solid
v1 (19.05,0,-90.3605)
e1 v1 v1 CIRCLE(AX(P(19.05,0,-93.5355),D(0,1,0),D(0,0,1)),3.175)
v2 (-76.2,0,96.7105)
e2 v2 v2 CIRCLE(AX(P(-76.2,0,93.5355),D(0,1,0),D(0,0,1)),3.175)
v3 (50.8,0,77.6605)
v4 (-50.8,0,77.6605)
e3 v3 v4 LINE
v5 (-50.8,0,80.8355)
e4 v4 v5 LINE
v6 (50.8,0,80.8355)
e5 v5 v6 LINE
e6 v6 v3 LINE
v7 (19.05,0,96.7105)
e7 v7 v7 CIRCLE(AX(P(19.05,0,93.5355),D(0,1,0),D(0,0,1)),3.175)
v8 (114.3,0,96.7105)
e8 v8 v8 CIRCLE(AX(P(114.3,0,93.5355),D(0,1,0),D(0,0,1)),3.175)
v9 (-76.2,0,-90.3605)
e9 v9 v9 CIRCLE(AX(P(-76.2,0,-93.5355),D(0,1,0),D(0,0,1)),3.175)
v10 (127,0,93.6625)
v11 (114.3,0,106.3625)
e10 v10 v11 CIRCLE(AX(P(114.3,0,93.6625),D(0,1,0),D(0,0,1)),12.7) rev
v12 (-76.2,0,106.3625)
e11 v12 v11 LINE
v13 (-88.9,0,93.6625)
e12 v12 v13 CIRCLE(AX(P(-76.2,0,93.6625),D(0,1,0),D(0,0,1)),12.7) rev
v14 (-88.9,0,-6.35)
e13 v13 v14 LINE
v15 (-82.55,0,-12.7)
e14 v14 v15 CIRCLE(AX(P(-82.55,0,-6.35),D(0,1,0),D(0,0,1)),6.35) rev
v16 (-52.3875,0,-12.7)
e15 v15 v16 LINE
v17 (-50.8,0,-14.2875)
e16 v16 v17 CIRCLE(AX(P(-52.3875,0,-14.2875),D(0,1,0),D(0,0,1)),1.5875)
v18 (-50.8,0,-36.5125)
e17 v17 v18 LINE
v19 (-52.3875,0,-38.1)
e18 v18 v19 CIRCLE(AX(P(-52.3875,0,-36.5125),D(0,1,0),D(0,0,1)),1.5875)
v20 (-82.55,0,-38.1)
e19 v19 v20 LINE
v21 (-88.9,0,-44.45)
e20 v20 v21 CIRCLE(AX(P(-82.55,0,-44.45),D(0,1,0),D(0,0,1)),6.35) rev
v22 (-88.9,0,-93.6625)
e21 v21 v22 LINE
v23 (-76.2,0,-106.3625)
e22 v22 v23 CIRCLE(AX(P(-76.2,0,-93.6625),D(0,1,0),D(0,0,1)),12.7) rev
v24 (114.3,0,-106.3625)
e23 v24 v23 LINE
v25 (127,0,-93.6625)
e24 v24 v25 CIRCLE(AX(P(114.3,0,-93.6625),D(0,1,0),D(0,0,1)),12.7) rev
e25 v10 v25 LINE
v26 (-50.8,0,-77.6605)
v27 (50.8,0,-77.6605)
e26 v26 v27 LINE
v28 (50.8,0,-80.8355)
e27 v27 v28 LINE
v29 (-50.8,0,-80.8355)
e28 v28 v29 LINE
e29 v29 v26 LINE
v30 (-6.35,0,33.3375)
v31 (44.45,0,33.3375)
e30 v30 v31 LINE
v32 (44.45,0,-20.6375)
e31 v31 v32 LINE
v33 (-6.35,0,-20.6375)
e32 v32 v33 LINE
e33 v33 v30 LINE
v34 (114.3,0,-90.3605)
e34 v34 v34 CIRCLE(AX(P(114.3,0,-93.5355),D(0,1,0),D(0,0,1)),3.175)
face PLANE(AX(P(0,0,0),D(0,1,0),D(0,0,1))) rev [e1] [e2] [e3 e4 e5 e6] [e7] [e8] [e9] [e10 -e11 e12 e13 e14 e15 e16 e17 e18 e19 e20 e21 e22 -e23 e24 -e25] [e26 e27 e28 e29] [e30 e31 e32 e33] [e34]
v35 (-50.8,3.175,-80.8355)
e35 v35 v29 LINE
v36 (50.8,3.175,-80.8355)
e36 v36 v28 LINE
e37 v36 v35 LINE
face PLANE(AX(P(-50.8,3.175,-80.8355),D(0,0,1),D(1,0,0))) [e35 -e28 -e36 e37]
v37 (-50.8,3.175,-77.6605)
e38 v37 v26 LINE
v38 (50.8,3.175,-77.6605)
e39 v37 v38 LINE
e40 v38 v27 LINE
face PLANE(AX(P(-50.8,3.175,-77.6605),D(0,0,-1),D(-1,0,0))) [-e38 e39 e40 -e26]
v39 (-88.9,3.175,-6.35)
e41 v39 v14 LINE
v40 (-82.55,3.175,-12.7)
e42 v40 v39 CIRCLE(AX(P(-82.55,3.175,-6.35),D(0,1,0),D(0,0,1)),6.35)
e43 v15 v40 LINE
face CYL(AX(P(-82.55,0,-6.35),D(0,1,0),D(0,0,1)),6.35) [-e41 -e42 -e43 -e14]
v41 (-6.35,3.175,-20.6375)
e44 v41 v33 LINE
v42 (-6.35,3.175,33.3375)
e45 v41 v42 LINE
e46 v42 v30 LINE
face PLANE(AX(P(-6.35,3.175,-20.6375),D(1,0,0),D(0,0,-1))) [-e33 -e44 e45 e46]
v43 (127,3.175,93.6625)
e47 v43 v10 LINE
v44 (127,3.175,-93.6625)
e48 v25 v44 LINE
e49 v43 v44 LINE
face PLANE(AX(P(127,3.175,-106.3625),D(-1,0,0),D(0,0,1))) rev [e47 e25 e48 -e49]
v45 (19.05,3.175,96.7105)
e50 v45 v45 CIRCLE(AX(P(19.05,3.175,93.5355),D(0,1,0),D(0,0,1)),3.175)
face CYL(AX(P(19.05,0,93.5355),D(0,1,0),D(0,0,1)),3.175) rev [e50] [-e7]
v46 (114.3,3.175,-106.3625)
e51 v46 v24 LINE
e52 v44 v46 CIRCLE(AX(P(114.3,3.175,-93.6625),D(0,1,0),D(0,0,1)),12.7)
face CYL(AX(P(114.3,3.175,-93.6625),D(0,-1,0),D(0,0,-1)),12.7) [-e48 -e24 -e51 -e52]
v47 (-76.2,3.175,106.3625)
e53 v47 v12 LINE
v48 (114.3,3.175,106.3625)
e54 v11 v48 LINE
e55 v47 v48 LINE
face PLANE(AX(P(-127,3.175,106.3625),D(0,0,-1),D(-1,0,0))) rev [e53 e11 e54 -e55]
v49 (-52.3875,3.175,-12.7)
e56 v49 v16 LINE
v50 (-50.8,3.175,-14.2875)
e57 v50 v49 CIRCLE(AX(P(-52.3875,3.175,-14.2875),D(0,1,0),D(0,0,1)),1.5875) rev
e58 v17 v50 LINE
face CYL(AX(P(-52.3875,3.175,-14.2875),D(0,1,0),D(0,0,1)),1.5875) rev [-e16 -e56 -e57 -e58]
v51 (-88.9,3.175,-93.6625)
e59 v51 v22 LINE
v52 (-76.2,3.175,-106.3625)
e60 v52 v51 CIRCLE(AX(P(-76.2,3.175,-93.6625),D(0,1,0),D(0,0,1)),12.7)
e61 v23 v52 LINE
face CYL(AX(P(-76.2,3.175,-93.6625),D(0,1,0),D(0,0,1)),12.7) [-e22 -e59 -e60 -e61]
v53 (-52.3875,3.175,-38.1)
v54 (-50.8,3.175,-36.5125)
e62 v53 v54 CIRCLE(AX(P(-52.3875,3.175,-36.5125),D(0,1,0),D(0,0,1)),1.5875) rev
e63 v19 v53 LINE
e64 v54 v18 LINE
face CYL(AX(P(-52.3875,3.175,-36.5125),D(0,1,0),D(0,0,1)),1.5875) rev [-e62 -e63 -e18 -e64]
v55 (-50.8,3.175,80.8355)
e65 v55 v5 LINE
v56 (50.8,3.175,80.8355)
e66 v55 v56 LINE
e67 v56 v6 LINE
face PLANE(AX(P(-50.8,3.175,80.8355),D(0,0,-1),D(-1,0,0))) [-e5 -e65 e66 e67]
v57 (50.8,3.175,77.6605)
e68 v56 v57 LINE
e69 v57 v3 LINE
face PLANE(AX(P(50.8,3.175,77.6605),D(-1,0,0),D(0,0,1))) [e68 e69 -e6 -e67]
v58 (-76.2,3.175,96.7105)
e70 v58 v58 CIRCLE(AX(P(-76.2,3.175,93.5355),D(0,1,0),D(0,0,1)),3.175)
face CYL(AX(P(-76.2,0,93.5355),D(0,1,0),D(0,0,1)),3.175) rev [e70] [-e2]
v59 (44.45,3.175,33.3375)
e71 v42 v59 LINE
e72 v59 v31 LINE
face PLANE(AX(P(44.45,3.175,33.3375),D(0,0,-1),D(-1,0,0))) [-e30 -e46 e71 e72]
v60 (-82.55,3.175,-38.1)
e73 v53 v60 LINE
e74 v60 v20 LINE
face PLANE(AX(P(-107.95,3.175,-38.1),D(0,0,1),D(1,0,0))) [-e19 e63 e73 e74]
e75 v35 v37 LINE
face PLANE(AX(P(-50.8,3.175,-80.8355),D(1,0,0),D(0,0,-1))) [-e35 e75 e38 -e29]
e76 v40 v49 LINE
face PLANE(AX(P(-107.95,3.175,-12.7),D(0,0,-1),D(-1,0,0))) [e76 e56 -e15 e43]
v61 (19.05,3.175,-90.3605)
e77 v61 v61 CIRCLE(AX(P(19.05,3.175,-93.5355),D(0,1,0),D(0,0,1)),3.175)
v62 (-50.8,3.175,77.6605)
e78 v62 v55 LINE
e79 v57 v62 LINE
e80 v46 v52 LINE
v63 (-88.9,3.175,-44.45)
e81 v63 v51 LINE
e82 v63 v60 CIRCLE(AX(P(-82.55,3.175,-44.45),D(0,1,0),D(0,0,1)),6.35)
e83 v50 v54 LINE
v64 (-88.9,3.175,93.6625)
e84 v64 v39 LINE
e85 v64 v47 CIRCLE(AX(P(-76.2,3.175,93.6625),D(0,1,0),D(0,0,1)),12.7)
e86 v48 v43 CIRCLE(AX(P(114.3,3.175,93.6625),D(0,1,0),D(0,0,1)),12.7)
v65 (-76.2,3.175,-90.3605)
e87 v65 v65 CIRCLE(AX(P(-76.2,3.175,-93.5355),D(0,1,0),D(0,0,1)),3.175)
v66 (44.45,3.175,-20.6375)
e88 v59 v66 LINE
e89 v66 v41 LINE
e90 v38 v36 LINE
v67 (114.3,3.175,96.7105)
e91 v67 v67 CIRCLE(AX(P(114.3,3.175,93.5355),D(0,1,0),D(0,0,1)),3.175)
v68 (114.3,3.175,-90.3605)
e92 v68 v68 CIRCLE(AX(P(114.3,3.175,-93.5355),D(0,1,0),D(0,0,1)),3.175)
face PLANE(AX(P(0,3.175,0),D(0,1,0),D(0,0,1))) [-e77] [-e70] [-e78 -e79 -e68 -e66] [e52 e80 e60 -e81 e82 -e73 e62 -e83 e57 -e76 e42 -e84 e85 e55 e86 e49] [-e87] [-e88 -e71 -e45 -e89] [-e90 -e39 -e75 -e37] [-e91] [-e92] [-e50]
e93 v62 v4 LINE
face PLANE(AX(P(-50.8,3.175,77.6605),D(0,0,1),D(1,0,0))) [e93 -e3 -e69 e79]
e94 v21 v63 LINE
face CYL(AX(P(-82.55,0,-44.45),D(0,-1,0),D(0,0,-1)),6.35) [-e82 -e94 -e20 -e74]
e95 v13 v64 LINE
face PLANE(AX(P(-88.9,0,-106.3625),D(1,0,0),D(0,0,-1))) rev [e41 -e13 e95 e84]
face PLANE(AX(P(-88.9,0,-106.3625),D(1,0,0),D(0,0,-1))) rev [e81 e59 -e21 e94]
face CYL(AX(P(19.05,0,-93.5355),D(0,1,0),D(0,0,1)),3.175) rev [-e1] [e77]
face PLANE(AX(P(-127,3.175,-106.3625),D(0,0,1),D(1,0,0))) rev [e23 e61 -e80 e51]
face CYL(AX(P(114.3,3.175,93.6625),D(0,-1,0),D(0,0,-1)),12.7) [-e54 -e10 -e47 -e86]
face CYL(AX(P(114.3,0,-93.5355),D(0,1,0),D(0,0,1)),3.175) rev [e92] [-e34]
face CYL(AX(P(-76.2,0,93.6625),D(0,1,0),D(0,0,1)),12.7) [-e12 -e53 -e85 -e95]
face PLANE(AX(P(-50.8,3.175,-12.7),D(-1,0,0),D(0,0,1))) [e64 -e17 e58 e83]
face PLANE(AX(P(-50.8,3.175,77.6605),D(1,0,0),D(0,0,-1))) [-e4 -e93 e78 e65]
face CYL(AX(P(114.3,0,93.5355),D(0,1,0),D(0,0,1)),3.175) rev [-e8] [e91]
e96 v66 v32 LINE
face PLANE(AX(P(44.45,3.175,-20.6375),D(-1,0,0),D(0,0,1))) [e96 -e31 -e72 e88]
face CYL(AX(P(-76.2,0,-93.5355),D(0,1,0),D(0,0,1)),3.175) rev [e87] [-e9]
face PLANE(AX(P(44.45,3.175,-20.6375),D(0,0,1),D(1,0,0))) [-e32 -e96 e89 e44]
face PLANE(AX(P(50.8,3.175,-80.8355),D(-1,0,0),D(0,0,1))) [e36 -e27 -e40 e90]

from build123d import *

# Parameters (mm, degrees)
SKETCH1_W               = 254
SKETCH1_H               = 212.725
SKETCH1_W_2             = 101.6
SKETCH1_H_2             = 3.175
SKETCH1_W_3             = 50.8
SKETCH1_H_3             = 53.975
SKETCH1_W_4             = 57.15
SKETCH1_H_4             = 25.4
BOSS_EXTRUDE1_DEPTH     = 3.175
SKETCH3_W               = 38.1
SKETCH3_H               = 212.725
CUT_EXTRUDE2_DEPTH      = 4.175
FILLET1_R               = 12.7
SKETCH2_R               = 3.175
CUT_EXTRUDE1_DEPTH      = 1
CUT_EXTRUDE1_DEPTH_BACK = 4.175
FILLET2_R               = 1.5875
FILLET3_R               = 6.35


with BuildPart() as part:
    # Sketch1 → Boss-Extrude1 (new body)
    with BuildSketch(Plane(origin=(0, 0, 0), x_dir=(1, 0, 0), z_dir=(0, 1, 0))):
        Rectangle(SKETCH1_W, SKETCH1_H)
        with Locations((0, 79.248)):
            Rectangle(SKETCH1_W_2, SKETCH1_H_2, mode=Mode.SUBTRACT)
        with Locations((0, -79.248)):
            Rectangle(SKETCH1_W_2, SKETCH1_H_2, mode=Mode.SUBTRACT)
        with Locations((19.05, -6.35)):
            Rectangle(SKETCH1_W_3, SKETCH1_H_3, mode=Mode.SUBTRACT)
        with Locations((-79.375, 25.4)):
            Rectangle(SKETCH1_W_4, SKETCH1_H_4, mode=Mode.SUBTRACT)
    extrude(amount=BOSS_EXTRUDE1_DEPTH)

    # Sketch3 → Cut-Extrude2 (cut, through all)
    with BuildSketch(Plane(origin=(0, 3.175, 0), x_dir=(1, 0, 0), z_dir=(0, 1, 0))):
        with Locations((-107.95, 0)):
            Rectangle(SKETCH3_W, SKETCH3_H)
    extrude(amount=-CUT_EXTRUDE2_DEPTH, mode=Mode.SUBTRACT)

    # Fillet1
    fillet1_edges = [part.edges().sort_by_distance(p)[0] for p in [
        (127, 1.5875, 106.3625),
        (-88.9, 1.5875, -106.3625),
        (127, 1.5875, -106.3625),
        (-88.9, 1.5875, 106.3625),
    ]]
    fillet(fillet1_edges, radius=FILLET1_R)

    # Sketch2 → Cut-Extrude1 (cut, two sides)
    with BuildSketch(Plane(origin=(0, 3.175, 0), x_dir=(1, 0, 0), z_dir=(0, 1, 0))) as cut_extrude1_sk:
        with Locations((114.3, 93.5355)):
            Circle(SKETCH2_R)
        with Locations((114.3, -93.5355)):
            Circle(SKETCH2_R)
        with Locations((-76.2, -93.5355)):
            Circle(SKETCH2_R)
        with Locations((-76.2, 93.5355)):
            Circle(SKETCH2_R)
        with Locations((19.05, -93.5355)):
            Circle(SKETCH2_R)
        with Locations((19.05, 93.5355)):
            Circle(SKETCH2_R)
    extrude(amount=CUT_EXTRUDE1_DEPTH, mode=Mode.SUBTRACT)
    extrude(cut_extrude1_sk.sketch, amount=-CUT_EXTRUDE1_DEPTH_BACK, mode=Mode.SUBTRACT)

    # Fillet2
    fillet2_edges = [part.edges().sort_by_distance(p)[0] for p in [
        (-50.8, 1.5875, -12.7),
        (-50.8, 1.5875, -38.1),
    ]]
    fillet(fillet2_edges, radius=FILLET2_R)

    # Fillet3
    fillet3_edges = [part.edges().sort_by_distance(p)[0] for p in [
        (-88.9, 1.5875, -12.7),
        (-88.9, 1.5875, -38.1),
    ]]
    fillet(fillet3_edges, radius=FILLET3_R)


solid = part.part
